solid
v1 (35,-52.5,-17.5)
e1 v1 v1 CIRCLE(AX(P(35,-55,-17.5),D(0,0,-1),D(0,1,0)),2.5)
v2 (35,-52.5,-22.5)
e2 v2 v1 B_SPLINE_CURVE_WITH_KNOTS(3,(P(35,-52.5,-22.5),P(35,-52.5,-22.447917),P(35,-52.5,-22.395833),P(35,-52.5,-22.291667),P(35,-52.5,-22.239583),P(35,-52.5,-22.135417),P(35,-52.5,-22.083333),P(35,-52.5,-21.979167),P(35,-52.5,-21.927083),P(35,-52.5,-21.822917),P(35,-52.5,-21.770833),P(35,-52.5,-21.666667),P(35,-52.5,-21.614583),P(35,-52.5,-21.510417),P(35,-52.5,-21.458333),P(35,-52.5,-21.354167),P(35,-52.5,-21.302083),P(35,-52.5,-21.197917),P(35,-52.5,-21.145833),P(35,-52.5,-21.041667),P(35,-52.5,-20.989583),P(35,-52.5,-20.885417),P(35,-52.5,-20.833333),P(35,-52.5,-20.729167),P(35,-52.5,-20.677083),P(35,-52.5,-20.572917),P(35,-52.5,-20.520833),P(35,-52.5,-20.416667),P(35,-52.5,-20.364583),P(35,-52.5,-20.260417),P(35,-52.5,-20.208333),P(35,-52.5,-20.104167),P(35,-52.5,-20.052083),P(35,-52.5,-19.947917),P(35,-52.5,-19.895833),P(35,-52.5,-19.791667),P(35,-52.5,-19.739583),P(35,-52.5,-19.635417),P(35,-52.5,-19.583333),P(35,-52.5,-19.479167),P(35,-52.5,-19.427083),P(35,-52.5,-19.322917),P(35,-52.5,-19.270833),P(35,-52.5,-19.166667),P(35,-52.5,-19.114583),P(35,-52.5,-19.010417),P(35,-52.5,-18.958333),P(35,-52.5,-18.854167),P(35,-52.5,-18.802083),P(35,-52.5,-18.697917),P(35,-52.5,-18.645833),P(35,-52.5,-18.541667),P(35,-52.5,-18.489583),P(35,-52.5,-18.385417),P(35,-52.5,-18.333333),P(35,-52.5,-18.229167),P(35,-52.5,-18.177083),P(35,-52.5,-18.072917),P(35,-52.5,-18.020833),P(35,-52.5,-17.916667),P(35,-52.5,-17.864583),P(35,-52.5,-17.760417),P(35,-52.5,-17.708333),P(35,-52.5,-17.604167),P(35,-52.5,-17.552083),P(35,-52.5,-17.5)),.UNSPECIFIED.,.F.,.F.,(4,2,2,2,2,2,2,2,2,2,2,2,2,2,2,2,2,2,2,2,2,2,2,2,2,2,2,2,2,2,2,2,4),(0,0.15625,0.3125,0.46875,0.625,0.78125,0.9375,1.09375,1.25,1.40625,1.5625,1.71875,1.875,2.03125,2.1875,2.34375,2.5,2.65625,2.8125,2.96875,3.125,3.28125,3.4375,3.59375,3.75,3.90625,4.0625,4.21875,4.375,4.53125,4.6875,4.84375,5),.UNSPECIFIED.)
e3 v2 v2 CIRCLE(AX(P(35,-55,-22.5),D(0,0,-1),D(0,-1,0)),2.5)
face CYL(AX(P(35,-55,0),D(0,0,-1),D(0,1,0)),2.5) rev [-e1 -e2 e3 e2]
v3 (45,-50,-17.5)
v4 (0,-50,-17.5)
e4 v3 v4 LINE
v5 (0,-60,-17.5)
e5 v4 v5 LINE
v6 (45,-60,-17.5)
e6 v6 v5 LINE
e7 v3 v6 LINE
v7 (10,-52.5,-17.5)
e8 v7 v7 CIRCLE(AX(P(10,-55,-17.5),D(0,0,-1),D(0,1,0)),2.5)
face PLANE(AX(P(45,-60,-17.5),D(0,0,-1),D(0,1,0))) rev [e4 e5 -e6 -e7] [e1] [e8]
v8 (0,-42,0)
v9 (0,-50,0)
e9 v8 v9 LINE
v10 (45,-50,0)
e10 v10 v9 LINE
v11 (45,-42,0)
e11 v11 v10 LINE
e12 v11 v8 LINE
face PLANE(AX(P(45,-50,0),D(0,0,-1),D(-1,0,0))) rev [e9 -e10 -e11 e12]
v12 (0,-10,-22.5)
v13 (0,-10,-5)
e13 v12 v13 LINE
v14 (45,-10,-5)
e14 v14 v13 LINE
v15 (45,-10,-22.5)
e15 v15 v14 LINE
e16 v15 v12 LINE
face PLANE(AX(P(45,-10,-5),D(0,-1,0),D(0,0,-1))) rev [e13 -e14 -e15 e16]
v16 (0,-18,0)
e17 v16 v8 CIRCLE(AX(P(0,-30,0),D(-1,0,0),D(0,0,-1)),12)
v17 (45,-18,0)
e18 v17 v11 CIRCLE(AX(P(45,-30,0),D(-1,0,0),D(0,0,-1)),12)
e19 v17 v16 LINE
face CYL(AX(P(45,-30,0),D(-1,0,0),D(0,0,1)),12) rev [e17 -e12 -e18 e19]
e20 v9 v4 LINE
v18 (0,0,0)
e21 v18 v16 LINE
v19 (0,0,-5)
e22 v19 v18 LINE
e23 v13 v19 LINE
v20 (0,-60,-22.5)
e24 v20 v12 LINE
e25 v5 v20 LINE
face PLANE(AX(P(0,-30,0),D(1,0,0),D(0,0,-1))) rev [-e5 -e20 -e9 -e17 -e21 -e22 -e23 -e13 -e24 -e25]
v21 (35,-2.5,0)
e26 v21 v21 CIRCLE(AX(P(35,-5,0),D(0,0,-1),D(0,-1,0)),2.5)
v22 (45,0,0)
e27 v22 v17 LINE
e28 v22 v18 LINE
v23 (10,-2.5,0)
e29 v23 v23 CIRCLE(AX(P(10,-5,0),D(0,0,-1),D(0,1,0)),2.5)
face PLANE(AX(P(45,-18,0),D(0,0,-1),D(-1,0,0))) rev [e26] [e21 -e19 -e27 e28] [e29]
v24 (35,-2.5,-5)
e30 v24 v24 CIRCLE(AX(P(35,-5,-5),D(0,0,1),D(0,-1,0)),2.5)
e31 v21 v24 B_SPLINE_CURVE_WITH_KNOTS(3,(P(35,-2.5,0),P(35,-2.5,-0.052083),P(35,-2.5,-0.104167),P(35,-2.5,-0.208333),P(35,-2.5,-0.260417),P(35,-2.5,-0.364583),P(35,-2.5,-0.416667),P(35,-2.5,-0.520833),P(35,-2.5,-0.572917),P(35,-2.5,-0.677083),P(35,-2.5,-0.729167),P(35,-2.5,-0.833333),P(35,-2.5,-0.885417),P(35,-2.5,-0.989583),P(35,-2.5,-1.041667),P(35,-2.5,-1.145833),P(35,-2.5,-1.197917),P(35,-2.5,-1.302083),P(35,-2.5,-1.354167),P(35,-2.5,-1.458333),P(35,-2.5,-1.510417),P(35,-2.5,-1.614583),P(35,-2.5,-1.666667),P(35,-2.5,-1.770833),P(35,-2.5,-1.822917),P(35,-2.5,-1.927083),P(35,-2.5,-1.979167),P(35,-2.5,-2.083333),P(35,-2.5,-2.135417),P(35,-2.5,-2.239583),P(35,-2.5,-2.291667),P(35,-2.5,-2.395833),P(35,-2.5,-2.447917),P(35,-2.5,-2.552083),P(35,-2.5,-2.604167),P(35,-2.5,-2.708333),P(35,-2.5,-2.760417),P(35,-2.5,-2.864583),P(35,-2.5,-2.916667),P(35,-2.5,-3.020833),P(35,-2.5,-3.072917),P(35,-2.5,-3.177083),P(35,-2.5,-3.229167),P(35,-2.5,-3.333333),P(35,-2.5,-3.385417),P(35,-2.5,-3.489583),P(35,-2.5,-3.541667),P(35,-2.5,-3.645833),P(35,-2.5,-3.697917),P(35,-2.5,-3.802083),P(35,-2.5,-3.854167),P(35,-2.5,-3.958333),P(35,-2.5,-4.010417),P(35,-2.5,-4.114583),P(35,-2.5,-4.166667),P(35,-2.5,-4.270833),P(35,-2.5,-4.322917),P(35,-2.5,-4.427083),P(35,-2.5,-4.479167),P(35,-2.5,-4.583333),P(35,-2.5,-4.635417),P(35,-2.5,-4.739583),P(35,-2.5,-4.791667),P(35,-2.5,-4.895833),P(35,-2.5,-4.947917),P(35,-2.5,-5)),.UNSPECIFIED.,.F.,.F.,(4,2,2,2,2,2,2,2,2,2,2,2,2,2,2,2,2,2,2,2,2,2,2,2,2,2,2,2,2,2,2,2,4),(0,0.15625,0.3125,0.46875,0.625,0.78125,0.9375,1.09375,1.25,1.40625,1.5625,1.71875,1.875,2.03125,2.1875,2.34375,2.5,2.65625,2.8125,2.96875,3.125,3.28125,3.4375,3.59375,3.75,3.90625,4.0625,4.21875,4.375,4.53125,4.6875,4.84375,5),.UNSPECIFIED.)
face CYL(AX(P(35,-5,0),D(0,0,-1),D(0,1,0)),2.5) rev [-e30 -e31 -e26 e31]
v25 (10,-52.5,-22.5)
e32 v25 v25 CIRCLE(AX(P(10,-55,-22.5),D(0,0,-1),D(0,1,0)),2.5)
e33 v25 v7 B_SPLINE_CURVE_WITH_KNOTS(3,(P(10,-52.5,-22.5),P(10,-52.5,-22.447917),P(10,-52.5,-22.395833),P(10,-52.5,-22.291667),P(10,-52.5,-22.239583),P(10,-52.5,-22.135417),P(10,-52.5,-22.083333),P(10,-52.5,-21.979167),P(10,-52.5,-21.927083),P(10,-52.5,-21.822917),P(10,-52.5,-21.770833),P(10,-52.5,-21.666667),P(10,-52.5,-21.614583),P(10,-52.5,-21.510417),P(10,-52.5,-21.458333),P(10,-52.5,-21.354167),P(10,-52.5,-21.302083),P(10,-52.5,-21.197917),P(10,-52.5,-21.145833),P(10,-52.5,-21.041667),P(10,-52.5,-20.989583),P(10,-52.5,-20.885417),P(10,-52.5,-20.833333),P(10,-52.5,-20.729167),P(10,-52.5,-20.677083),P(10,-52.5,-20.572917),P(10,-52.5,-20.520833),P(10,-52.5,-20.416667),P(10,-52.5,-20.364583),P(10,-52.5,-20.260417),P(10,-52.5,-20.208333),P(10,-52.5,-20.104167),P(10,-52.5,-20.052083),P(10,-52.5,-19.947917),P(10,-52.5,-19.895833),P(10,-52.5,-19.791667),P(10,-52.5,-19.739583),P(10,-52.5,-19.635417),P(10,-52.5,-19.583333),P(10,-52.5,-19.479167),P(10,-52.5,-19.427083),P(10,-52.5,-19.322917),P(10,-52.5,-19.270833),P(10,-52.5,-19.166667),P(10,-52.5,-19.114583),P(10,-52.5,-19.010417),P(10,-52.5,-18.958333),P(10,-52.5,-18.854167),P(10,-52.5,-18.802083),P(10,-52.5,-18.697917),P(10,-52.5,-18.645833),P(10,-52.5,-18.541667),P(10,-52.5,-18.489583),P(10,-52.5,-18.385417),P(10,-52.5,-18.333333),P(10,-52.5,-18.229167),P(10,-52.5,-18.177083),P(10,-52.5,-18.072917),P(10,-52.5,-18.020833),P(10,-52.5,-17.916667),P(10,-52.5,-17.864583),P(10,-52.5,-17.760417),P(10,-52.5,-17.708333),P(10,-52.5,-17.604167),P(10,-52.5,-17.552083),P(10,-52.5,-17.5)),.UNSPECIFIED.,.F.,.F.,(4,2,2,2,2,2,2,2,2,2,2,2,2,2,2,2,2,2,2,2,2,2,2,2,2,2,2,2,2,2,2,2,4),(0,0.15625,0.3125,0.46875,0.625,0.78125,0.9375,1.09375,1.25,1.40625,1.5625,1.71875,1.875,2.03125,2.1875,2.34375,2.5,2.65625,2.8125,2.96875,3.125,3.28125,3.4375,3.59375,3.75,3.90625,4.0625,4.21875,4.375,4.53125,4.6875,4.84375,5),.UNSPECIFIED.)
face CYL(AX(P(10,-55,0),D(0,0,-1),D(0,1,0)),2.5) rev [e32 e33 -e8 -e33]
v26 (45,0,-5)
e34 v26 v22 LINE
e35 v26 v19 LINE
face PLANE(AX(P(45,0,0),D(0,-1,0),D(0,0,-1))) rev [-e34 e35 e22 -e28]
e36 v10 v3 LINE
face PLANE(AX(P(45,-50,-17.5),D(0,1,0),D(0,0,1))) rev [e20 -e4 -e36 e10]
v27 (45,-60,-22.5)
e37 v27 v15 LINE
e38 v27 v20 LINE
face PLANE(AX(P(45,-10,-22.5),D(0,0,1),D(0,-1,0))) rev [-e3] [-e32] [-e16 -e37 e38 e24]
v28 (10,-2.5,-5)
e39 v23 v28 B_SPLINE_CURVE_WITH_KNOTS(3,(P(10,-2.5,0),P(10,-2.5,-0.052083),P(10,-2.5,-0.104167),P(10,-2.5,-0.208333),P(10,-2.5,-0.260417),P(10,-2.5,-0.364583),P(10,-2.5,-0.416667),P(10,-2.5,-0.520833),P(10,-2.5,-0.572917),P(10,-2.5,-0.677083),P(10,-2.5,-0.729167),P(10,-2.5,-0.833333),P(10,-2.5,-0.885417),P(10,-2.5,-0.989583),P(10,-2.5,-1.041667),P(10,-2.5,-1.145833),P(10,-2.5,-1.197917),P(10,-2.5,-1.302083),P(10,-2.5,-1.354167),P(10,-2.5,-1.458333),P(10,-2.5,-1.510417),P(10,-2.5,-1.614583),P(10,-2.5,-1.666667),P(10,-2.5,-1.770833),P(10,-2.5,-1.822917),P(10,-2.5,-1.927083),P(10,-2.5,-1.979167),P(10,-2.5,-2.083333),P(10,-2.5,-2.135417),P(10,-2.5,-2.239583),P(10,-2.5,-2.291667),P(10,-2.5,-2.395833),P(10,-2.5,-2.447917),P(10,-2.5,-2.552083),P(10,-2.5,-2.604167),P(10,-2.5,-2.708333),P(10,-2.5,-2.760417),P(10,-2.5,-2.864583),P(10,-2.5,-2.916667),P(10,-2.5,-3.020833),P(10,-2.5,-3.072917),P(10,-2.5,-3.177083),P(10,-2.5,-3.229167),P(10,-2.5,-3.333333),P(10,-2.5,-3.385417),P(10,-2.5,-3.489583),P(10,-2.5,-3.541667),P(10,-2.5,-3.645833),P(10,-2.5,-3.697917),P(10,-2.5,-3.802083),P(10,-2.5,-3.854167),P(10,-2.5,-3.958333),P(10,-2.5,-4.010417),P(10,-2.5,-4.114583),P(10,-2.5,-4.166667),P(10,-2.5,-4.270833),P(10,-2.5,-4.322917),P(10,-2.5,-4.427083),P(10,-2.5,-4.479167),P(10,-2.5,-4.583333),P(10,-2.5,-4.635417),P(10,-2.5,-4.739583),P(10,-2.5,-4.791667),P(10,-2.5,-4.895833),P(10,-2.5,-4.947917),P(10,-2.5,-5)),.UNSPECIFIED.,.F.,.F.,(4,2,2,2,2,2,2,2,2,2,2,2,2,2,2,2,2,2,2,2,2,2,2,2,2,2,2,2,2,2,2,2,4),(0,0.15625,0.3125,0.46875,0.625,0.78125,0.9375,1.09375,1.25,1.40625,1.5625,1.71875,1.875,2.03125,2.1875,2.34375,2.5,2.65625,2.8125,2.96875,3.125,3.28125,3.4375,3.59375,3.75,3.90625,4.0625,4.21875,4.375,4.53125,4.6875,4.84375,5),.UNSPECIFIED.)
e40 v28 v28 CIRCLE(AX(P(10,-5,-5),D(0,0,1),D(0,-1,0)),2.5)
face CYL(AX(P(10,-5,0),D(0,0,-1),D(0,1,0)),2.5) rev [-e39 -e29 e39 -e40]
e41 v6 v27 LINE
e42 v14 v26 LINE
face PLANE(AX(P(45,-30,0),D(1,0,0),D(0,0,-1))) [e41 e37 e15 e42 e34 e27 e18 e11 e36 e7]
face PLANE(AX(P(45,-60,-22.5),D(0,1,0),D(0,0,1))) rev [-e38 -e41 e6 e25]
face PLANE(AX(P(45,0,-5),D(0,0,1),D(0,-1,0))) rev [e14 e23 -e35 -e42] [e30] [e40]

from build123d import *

# Parameters (mm, degrees)
EXTRUDE_1_DEPTH     = 45
SKETCH_2_R          = 2.5
CUT_EXTRUDE_1_DEPTH = 79.302298817


with BuildPart() as part:
    # 草图1 → 凸台-拉伸1 (new body)
    with BuildSketch(Plane(origin=(0, 0, 0), x_dir=(0, 0, -1), z_dir=(1, 0, 0))):
        with BuildLine():
            Line((0, 0), (5, 0))
            Line((5, 0), (5, -10))
            Line((5, -10), (22.5, -10))
            Line((22.5, -10), (22.5, -60))
            Line((22.5, -60), (17.5, -60))
            Line((17.5, -60), (17.5, -50))
            Line((17.5, -50), (0, -50))
            Line((0, -50), (0, -42))
            ThreePointArc((0, -42), (12, -30), (0, -18))
            Line((0, -18), (0, 0))
        make_face()
    extrude(amount=EXTRUDE_1_DEPTH)

    # 草图2 → 切除-拉伸1 (cut, through all)
    with BuildSketch(Plane(origin=(0, 0, -22.5), x_dir=(-1, 0, 0), z_dir=(0, 0, -1))):
        with Locations(Location((-35, -55, 0), (0, 0, 90))):
            Circle(SKETCH_2_R)
        with Locations(Location((-10, -5, 0), (0, 0, 90))):
            Circle(SKETCH_2_R)
        with Locations(Location((-10, -55, 0), (0, 0, 90))):
            Circle(SKETCH_2_R)
        with Locations(Location((-35, -5, 0), (0, 0, 90))):
            Circle(SKETCH_2_R)
    extrude(amount=-CUT_EXTRUDE_1_DEPTH, mode=Mode.SUBTRACT)


solid = part.part
